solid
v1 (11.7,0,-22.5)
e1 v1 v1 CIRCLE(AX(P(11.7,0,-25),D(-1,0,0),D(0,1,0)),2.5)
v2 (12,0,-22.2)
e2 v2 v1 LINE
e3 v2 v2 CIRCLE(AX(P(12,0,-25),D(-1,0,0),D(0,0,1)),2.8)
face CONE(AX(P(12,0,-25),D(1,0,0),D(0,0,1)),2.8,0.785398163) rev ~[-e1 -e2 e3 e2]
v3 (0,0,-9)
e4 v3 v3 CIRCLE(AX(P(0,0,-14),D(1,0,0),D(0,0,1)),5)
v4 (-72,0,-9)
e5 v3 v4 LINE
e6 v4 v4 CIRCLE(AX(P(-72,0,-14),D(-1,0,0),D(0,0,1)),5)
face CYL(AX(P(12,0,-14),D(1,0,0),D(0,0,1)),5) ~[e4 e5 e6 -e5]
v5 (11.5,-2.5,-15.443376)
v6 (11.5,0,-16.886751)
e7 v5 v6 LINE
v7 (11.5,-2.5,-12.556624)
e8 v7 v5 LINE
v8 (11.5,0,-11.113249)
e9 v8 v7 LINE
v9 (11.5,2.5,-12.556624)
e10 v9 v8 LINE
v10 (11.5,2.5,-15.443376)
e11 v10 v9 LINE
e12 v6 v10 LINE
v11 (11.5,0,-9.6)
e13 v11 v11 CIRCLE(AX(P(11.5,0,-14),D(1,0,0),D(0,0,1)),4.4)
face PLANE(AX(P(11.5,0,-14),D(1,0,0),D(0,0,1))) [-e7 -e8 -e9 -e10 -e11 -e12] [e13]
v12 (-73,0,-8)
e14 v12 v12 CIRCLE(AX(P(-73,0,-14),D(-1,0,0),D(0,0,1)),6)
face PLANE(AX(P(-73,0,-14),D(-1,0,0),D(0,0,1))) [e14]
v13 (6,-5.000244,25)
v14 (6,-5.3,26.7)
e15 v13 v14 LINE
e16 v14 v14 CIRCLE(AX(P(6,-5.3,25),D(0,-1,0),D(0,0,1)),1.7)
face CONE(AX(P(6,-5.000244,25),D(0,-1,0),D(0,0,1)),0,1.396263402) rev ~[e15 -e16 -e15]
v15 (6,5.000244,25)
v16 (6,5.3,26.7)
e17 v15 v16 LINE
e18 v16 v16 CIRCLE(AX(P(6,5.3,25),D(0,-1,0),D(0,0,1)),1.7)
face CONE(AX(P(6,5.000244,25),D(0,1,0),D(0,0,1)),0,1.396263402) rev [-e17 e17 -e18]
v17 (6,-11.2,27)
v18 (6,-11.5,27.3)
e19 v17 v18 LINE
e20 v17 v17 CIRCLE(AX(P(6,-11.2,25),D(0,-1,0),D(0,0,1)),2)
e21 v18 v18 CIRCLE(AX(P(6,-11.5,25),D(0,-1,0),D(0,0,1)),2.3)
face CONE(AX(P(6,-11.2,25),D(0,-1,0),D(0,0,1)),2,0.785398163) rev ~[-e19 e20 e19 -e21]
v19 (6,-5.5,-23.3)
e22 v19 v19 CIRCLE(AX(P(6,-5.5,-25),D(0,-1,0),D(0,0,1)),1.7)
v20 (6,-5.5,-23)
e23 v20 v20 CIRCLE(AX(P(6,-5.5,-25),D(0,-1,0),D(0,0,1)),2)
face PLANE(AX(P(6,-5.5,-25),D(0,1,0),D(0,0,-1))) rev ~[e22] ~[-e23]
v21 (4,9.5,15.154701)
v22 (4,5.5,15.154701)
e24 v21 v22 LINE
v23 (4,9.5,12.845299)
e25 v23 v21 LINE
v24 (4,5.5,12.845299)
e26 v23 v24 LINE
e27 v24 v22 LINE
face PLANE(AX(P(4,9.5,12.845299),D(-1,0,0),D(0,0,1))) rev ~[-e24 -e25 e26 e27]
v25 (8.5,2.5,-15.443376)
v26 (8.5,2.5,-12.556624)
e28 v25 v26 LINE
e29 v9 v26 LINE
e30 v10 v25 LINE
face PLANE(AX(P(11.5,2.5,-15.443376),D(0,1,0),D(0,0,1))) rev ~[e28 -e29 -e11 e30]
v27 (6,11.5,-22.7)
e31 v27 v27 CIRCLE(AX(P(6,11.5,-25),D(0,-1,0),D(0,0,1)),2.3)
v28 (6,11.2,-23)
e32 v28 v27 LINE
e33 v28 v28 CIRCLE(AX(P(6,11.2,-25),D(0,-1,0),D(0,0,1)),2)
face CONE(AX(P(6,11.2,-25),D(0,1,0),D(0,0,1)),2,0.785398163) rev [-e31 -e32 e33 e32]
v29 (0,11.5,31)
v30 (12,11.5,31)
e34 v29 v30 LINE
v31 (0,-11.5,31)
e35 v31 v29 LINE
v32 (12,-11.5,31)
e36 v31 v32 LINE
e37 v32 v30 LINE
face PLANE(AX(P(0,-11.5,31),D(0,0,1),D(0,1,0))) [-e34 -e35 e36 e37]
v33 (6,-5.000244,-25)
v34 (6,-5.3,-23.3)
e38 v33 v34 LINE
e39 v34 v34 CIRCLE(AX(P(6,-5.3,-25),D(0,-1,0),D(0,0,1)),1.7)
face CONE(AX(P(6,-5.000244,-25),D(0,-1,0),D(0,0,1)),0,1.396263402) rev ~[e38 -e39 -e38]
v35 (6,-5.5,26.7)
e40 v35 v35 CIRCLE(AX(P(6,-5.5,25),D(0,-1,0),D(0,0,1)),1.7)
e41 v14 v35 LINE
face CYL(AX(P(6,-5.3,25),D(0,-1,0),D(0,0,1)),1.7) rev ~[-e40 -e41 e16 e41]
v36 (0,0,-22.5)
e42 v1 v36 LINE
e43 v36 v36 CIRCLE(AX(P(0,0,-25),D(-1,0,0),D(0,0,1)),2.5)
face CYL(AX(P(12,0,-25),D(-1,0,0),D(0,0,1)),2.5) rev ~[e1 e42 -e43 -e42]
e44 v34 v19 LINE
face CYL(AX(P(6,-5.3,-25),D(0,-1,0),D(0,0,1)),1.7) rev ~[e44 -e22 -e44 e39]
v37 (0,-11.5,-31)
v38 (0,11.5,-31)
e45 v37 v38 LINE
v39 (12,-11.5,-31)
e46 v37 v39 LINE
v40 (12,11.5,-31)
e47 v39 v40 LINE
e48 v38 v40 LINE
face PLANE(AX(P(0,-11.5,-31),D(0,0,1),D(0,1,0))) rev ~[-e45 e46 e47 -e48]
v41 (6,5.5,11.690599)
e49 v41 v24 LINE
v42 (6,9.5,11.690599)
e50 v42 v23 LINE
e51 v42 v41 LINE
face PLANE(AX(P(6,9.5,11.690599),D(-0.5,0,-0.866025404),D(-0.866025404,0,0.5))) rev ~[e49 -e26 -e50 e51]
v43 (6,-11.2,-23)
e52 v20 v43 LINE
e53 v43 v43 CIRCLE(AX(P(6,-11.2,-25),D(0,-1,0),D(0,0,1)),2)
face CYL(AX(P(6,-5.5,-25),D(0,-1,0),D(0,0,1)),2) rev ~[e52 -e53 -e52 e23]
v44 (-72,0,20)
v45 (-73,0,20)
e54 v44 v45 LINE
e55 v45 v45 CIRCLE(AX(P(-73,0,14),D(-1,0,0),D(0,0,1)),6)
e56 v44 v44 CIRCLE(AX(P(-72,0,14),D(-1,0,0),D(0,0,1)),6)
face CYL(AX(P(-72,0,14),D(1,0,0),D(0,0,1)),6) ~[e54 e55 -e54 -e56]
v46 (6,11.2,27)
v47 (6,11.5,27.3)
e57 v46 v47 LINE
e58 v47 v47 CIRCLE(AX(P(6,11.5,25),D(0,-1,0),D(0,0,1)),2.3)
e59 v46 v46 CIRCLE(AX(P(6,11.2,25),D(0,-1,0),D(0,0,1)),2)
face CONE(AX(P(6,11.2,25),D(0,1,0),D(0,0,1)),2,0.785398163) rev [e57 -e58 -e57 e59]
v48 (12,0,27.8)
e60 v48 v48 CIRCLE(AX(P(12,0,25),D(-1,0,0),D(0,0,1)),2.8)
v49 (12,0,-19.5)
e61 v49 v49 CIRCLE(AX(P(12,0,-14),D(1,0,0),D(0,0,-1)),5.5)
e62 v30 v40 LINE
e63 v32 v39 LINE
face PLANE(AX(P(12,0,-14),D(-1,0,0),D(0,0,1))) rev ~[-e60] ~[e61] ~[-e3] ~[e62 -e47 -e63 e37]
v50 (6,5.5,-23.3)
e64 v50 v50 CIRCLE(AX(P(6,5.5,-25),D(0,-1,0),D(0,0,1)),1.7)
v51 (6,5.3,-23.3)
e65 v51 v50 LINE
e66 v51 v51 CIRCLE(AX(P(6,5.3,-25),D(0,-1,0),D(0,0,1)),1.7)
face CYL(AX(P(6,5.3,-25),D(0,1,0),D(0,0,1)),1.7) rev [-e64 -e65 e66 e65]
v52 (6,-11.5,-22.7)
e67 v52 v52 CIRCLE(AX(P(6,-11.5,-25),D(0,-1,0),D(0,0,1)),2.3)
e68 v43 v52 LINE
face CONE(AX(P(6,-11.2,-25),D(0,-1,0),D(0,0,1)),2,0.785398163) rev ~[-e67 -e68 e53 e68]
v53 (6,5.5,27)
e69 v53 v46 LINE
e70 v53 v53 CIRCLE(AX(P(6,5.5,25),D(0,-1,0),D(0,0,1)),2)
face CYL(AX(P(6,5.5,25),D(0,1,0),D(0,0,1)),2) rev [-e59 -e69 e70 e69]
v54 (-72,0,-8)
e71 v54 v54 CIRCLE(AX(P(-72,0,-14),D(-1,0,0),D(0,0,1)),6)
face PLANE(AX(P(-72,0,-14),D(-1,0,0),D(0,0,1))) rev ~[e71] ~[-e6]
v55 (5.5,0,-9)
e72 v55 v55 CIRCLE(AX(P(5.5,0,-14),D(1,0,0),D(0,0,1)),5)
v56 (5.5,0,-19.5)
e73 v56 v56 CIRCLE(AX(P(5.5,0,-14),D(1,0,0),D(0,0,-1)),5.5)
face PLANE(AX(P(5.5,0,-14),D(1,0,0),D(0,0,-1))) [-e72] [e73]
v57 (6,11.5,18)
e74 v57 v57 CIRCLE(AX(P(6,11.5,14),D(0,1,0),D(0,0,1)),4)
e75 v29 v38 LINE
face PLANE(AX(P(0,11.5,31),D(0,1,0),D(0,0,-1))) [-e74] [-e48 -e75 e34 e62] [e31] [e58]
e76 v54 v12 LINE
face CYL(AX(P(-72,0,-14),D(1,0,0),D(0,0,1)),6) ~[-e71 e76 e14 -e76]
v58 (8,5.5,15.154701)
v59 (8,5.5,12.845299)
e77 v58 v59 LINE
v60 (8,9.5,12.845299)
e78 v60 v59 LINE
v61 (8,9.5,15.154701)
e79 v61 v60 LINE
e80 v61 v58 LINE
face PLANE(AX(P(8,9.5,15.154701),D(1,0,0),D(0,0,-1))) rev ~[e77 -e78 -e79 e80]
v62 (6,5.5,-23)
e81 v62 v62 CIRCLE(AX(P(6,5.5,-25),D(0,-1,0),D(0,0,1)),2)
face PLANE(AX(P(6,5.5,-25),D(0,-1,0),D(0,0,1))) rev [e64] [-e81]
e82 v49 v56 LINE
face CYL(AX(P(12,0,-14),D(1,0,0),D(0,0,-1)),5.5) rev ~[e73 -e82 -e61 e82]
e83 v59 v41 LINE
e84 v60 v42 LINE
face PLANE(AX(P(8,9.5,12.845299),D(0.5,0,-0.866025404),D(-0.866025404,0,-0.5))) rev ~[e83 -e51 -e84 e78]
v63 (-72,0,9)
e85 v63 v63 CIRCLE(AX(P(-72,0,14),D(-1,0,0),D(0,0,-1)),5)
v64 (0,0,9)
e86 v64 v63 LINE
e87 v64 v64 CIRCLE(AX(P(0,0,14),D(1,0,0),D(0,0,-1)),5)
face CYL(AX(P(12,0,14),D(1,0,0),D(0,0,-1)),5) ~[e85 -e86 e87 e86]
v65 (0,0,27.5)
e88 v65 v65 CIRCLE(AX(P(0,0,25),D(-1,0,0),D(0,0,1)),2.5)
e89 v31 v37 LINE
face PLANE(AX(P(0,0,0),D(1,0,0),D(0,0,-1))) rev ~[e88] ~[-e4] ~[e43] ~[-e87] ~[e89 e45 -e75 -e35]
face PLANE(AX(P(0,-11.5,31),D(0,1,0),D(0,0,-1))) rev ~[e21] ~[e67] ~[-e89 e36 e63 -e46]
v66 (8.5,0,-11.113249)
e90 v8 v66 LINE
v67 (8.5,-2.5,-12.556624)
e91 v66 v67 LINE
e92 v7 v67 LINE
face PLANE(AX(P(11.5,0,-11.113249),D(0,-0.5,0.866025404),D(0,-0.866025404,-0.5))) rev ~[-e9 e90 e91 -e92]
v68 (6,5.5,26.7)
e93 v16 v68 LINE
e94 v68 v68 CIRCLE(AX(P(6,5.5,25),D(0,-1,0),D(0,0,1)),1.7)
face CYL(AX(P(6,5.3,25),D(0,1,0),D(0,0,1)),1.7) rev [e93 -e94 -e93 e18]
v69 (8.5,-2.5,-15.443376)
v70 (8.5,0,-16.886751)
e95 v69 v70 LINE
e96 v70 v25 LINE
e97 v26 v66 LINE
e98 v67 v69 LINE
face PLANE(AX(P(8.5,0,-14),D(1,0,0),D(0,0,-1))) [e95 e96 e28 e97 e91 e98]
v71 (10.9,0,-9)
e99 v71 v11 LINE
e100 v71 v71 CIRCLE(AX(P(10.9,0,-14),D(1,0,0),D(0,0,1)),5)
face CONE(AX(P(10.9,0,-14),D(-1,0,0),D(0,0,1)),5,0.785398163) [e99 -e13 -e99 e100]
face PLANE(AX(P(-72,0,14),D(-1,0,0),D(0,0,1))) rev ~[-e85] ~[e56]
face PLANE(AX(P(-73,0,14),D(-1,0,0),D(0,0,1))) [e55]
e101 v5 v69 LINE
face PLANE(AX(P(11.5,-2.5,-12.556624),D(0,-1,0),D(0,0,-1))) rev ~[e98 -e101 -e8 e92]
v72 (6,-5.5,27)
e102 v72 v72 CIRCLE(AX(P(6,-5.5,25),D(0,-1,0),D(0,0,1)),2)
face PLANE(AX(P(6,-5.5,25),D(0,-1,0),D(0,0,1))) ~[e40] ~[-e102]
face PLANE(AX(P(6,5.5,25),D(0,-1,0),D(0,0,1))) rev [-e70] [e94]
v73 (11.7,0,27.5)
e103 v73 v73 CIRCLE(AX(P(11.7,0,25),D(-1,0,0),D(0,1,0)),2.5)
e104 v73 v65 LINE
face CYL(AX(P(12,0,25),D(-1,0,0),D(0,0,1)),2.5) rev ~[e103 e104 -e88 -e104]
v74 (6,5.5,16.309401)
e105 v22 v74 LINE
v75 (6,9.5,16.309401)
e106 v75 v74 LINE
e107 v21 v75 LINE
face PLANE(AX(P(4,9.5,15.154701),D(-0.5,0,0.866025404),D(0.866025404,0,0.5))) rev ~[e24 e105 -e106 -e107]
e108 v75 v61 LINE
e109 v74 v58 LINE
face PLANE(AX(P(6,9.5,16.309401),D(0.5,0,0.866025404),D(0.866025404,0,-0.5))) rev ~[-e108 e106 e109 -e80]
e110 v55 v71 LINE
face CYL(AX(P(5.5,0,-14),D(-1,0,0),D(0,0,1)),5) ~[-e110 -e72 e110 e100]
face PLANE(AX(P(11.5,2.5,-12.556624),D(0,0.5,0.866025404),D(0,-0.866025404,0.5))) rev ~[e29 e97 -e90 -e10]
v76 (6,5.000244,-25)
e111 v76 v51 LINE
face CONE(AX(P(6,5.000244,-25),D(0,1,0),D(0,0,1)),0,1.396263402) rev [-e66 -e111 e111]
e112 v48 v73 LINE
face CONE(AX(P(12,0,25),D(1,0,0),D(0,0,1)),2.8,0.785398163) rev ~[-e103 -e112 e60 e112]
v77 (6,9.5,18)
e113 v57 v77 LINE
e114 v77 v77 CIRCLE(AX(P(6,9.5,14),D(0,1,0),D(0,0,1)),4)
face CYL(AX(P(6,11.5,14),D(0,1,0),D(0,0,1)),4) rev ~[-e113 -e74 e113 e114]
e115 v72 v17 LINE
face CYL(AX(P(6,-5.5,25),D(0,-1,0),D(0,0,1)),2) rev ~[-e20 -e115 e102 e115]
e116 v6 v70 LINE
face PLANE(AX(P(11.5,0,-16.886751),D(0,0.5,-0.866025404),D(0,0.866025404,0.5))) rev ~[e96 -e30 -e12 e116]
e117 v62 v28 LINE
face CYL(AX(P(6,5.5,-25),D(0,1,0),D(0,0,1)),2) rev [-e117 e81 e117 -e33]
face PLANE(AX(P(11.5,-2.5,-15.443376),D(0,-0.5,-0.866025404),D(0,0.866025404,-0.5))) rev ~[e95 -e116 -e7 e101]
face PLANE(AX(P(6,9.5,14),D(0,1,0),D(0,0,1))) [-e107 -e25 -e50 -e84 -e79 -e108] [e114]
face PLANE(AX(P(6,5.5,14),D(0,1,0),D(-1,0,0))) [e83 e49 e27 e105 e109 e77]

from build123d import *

# Parameters (mm, degrees)
PLATE_SKETCH_W               = 62
PLATE_SKETCH_H               = 23
PLATE_DEPTH                  = 12
TAPPED_HOLE_FACE_D           = 5
TAPPED_HOLE_FACE_CSINK_D     = 5.6
TAPPED_HOLE_FACE_CSINK_ANGLE = 90
RODS_DEPTH                   = 60
RODS_DEPTH_BACK              = 24
RODS_SKETCH_R                = 5
PISTON_SKETCH_R              = 6
PISTON_DEPTH                 = 1
TAPPED_HOLES_TOP_AT_2_COUNT  = 2
TAPPED_HOLES_TOP_AT_2_PITCH  = 50
SHCS_SEAT_SKETCH_R           = 5.5
SHCS_SEAT_DEPTH              = 6.5
SHCS_HEAD_SKETCH_R           = 5
SHCS_HEAD_DEPTH              = 6
SHCS_HEX_DEPTH               = 3
SHCS_CHAM_SIZE               = 0.6
SS_SEAT_SKETCH_R             = 4
SS_SEAT_DEPTH                = 2
SS_HEX_DEPTH                 = 4


with BuildPart() as part:
    # Plate_Sketch → Plate (new body)
    with BuildSketch(Plane(origin=(0, 0, 0), x_dir=(0, 0, -1), z_dir=(1, 0, 0))):
        Rectangle(PLATE_SKETCH_W, PLATE_SKETCH_H)
    extrude(amount=PLATE_DEPTH)

    # Tapped Hole Face (through all)
    with Locations(Plane(origin=(12, 0, 0), x_dir=(0, 0, -1), z_dir=(1, 0, 0))):
        with Locations((-25, 0), (25, 0)):
            CounterSinkHole(TAPPED_HOLE_FACE_D / 2, TAPPED_HOLE_FACE_CSINK_D / 2, counter_sink_angle=TAPPED_HOLE_FACE_CSINK_ANGLE)

    # Rods_Sketch → Rods (add, two sides: drawn at the far end of the back side and taken through both)
    with BuildSketch(Plane.ZY.offset(12).offset(-RODS_DEPTH_BACK)):
        with Locations((-14, 0)):
            Circle(RODS_SKETCH_R)
        with Locations(Location((14, 0, 0), (0, 0, 180))):
            Circle(RODS_SKETCH_R)
    extrude(amount=RODS_DEPTH + RODS_DEPTH_BACK)

    # Piston_Sketch → Piston (add)
    with BuildSketch(Plane.ZY.offset(72)):
        with Locations((-14, 0)):
            Circle(PISTON_SKETCH_R)
        with Locations((14, 0)):
            Circle(PISTON_SKETCH_R)
    extrude(amount=PISTON_DEPTH)

    # Tapped Holes Top Profile → Tapped Holes Top (revolve, cut)
    with BuildSketch(Plane(origin=(6, 11.5, -25), x_dir=(0, 0, 1), z_dir=(1, 0, 0))):
        Polygon((0, 0), (0, 6.499755867), (1.7, 6.2), (1.7, 6), (2, 6), (2, 0.3), (2.3, 0), align=None)
    tapped_holes_top = revolve(axis=Axis((6, 17.85, -25), (0, -1, 0)), mode=Mode.SUBTRACT)

    # Tapped Holes Top at 2: Tapped Holes Top ×2
    with Locations(*[(0, 0, i * TAPPED_HOLES_TOP_AT_2_PITCH) for i in range(1, TAPPED_HOLES_TOP_AT_2_COUNT)]):
        add(tapped_holes_top, mode=Mode.SUBTRACT)

    # Tapped Holes Top Mirror: Tapped Holes Top across plane
    add(tapped_holes_top.mirror(Plane.ZX), mode=Mode.SUBTRACT)

    # Tapped Holes Top Mirror copy 1 sketch → Tapped Holes Top Mirror copy 1 (revolve, cut)
    with BuildSketch(Plane(origin=(6, -11.5, 25), x_dir=(0, 0, 1), z_dir=(1, 0, 0))):
        Polygon((0, 0), (0, -6.499755867), (1.7, -6.2), (1.7, -6), (2, -6), (2, -0.3), (2.3, 0), align=None)
    revolve(axis=Axis((6, -17.85, 25), (0, -1, 0)), mode=Mode.SUBTRACT)

    # SHCS Seat_Sketch → SHCS Seat (cut)
    with BuildSketch(Plane(origin=(12, 0, 0), x_dir=(0, 0, -1), z_dir=(1, 0, 0))):
        with Locations((14, 0)):
            Circle(SHCS_SEAT_SKETCH_R)
    extrude(amount=-SHCS_SEAT_DEPTH, mode=Mode.SUBTRACT)

    # SHCS Head_Sketch → SHCS Head (add)
    with BuildSketch(Plane(origin=(5.5, 0, 0), x_dir=(0, 0, -1), z_dir=(1, 0, 0))):
        with Locations(Location((14, 0, 0), (0, 0, 180))):
            Circle(SHCS_HEAD_SKETCH_R)
    extrude(amount=SHCS_HEAD_DEPTH)

    # SHCS Hex_Sketch → SHCS Hex (cut)
    with BuildSketch(Plane(origin=(11.5, 0, 0), x_dir=(0, 0, -1), z_dir=(1, 0, 0))):
        Polygon((15.443375673, -2.5), (16.886751346, 0), (15.443375673, 2.5), (12.556624327, 2.5), (11.113248654, 0), (12.556624327, -2.5), align=None)
    extrude(amount=-SHCS_HEX_DEPTH, mode=Mode.SUBTRACT)

    # SHCS Cham
    shcs_cham_edges = [part.edges().sort_by_distance(p)[0] for p in [
        (11.5, 0, -19),
    ]]
    chamfer(shcs_cham_edges, length=SHCS_CHAM_SIZE)

    # SS Seat_Sketch → SS Seat (cut)
    with BuildSketch(Plane(origin=(0, 11.5, 0), x_dir=(-1, 0, 0), z_dir=(0, 1, 0))):
        with Locations(Location((-6, 14, 0), (0, 0, 90))):
            Circle(SS_SEAT_SKETCH_R)
    extrude(amount=-SS_SEAT_DEPTH, mode=Mode.SUBTRACT)

    # SS Hex_Sketch → SS Hex (cut)
    with BuildSketch(Plane(origin=(0, 9.5, 0), x_dir=(-1, 0, 0), z_dir=(0, 1, 0))):
        Polygon((-8, 12.845299462), (-6, 11.690598923), (-4, 12.845299462), (-4, 15.154700538), (-6, 16.309401077), (-8, 15.154700538), align=None)
    extrude(amount=-SS_HEX_DEPTH, mode=Mode.SUBTRACT)


solid = part.part
